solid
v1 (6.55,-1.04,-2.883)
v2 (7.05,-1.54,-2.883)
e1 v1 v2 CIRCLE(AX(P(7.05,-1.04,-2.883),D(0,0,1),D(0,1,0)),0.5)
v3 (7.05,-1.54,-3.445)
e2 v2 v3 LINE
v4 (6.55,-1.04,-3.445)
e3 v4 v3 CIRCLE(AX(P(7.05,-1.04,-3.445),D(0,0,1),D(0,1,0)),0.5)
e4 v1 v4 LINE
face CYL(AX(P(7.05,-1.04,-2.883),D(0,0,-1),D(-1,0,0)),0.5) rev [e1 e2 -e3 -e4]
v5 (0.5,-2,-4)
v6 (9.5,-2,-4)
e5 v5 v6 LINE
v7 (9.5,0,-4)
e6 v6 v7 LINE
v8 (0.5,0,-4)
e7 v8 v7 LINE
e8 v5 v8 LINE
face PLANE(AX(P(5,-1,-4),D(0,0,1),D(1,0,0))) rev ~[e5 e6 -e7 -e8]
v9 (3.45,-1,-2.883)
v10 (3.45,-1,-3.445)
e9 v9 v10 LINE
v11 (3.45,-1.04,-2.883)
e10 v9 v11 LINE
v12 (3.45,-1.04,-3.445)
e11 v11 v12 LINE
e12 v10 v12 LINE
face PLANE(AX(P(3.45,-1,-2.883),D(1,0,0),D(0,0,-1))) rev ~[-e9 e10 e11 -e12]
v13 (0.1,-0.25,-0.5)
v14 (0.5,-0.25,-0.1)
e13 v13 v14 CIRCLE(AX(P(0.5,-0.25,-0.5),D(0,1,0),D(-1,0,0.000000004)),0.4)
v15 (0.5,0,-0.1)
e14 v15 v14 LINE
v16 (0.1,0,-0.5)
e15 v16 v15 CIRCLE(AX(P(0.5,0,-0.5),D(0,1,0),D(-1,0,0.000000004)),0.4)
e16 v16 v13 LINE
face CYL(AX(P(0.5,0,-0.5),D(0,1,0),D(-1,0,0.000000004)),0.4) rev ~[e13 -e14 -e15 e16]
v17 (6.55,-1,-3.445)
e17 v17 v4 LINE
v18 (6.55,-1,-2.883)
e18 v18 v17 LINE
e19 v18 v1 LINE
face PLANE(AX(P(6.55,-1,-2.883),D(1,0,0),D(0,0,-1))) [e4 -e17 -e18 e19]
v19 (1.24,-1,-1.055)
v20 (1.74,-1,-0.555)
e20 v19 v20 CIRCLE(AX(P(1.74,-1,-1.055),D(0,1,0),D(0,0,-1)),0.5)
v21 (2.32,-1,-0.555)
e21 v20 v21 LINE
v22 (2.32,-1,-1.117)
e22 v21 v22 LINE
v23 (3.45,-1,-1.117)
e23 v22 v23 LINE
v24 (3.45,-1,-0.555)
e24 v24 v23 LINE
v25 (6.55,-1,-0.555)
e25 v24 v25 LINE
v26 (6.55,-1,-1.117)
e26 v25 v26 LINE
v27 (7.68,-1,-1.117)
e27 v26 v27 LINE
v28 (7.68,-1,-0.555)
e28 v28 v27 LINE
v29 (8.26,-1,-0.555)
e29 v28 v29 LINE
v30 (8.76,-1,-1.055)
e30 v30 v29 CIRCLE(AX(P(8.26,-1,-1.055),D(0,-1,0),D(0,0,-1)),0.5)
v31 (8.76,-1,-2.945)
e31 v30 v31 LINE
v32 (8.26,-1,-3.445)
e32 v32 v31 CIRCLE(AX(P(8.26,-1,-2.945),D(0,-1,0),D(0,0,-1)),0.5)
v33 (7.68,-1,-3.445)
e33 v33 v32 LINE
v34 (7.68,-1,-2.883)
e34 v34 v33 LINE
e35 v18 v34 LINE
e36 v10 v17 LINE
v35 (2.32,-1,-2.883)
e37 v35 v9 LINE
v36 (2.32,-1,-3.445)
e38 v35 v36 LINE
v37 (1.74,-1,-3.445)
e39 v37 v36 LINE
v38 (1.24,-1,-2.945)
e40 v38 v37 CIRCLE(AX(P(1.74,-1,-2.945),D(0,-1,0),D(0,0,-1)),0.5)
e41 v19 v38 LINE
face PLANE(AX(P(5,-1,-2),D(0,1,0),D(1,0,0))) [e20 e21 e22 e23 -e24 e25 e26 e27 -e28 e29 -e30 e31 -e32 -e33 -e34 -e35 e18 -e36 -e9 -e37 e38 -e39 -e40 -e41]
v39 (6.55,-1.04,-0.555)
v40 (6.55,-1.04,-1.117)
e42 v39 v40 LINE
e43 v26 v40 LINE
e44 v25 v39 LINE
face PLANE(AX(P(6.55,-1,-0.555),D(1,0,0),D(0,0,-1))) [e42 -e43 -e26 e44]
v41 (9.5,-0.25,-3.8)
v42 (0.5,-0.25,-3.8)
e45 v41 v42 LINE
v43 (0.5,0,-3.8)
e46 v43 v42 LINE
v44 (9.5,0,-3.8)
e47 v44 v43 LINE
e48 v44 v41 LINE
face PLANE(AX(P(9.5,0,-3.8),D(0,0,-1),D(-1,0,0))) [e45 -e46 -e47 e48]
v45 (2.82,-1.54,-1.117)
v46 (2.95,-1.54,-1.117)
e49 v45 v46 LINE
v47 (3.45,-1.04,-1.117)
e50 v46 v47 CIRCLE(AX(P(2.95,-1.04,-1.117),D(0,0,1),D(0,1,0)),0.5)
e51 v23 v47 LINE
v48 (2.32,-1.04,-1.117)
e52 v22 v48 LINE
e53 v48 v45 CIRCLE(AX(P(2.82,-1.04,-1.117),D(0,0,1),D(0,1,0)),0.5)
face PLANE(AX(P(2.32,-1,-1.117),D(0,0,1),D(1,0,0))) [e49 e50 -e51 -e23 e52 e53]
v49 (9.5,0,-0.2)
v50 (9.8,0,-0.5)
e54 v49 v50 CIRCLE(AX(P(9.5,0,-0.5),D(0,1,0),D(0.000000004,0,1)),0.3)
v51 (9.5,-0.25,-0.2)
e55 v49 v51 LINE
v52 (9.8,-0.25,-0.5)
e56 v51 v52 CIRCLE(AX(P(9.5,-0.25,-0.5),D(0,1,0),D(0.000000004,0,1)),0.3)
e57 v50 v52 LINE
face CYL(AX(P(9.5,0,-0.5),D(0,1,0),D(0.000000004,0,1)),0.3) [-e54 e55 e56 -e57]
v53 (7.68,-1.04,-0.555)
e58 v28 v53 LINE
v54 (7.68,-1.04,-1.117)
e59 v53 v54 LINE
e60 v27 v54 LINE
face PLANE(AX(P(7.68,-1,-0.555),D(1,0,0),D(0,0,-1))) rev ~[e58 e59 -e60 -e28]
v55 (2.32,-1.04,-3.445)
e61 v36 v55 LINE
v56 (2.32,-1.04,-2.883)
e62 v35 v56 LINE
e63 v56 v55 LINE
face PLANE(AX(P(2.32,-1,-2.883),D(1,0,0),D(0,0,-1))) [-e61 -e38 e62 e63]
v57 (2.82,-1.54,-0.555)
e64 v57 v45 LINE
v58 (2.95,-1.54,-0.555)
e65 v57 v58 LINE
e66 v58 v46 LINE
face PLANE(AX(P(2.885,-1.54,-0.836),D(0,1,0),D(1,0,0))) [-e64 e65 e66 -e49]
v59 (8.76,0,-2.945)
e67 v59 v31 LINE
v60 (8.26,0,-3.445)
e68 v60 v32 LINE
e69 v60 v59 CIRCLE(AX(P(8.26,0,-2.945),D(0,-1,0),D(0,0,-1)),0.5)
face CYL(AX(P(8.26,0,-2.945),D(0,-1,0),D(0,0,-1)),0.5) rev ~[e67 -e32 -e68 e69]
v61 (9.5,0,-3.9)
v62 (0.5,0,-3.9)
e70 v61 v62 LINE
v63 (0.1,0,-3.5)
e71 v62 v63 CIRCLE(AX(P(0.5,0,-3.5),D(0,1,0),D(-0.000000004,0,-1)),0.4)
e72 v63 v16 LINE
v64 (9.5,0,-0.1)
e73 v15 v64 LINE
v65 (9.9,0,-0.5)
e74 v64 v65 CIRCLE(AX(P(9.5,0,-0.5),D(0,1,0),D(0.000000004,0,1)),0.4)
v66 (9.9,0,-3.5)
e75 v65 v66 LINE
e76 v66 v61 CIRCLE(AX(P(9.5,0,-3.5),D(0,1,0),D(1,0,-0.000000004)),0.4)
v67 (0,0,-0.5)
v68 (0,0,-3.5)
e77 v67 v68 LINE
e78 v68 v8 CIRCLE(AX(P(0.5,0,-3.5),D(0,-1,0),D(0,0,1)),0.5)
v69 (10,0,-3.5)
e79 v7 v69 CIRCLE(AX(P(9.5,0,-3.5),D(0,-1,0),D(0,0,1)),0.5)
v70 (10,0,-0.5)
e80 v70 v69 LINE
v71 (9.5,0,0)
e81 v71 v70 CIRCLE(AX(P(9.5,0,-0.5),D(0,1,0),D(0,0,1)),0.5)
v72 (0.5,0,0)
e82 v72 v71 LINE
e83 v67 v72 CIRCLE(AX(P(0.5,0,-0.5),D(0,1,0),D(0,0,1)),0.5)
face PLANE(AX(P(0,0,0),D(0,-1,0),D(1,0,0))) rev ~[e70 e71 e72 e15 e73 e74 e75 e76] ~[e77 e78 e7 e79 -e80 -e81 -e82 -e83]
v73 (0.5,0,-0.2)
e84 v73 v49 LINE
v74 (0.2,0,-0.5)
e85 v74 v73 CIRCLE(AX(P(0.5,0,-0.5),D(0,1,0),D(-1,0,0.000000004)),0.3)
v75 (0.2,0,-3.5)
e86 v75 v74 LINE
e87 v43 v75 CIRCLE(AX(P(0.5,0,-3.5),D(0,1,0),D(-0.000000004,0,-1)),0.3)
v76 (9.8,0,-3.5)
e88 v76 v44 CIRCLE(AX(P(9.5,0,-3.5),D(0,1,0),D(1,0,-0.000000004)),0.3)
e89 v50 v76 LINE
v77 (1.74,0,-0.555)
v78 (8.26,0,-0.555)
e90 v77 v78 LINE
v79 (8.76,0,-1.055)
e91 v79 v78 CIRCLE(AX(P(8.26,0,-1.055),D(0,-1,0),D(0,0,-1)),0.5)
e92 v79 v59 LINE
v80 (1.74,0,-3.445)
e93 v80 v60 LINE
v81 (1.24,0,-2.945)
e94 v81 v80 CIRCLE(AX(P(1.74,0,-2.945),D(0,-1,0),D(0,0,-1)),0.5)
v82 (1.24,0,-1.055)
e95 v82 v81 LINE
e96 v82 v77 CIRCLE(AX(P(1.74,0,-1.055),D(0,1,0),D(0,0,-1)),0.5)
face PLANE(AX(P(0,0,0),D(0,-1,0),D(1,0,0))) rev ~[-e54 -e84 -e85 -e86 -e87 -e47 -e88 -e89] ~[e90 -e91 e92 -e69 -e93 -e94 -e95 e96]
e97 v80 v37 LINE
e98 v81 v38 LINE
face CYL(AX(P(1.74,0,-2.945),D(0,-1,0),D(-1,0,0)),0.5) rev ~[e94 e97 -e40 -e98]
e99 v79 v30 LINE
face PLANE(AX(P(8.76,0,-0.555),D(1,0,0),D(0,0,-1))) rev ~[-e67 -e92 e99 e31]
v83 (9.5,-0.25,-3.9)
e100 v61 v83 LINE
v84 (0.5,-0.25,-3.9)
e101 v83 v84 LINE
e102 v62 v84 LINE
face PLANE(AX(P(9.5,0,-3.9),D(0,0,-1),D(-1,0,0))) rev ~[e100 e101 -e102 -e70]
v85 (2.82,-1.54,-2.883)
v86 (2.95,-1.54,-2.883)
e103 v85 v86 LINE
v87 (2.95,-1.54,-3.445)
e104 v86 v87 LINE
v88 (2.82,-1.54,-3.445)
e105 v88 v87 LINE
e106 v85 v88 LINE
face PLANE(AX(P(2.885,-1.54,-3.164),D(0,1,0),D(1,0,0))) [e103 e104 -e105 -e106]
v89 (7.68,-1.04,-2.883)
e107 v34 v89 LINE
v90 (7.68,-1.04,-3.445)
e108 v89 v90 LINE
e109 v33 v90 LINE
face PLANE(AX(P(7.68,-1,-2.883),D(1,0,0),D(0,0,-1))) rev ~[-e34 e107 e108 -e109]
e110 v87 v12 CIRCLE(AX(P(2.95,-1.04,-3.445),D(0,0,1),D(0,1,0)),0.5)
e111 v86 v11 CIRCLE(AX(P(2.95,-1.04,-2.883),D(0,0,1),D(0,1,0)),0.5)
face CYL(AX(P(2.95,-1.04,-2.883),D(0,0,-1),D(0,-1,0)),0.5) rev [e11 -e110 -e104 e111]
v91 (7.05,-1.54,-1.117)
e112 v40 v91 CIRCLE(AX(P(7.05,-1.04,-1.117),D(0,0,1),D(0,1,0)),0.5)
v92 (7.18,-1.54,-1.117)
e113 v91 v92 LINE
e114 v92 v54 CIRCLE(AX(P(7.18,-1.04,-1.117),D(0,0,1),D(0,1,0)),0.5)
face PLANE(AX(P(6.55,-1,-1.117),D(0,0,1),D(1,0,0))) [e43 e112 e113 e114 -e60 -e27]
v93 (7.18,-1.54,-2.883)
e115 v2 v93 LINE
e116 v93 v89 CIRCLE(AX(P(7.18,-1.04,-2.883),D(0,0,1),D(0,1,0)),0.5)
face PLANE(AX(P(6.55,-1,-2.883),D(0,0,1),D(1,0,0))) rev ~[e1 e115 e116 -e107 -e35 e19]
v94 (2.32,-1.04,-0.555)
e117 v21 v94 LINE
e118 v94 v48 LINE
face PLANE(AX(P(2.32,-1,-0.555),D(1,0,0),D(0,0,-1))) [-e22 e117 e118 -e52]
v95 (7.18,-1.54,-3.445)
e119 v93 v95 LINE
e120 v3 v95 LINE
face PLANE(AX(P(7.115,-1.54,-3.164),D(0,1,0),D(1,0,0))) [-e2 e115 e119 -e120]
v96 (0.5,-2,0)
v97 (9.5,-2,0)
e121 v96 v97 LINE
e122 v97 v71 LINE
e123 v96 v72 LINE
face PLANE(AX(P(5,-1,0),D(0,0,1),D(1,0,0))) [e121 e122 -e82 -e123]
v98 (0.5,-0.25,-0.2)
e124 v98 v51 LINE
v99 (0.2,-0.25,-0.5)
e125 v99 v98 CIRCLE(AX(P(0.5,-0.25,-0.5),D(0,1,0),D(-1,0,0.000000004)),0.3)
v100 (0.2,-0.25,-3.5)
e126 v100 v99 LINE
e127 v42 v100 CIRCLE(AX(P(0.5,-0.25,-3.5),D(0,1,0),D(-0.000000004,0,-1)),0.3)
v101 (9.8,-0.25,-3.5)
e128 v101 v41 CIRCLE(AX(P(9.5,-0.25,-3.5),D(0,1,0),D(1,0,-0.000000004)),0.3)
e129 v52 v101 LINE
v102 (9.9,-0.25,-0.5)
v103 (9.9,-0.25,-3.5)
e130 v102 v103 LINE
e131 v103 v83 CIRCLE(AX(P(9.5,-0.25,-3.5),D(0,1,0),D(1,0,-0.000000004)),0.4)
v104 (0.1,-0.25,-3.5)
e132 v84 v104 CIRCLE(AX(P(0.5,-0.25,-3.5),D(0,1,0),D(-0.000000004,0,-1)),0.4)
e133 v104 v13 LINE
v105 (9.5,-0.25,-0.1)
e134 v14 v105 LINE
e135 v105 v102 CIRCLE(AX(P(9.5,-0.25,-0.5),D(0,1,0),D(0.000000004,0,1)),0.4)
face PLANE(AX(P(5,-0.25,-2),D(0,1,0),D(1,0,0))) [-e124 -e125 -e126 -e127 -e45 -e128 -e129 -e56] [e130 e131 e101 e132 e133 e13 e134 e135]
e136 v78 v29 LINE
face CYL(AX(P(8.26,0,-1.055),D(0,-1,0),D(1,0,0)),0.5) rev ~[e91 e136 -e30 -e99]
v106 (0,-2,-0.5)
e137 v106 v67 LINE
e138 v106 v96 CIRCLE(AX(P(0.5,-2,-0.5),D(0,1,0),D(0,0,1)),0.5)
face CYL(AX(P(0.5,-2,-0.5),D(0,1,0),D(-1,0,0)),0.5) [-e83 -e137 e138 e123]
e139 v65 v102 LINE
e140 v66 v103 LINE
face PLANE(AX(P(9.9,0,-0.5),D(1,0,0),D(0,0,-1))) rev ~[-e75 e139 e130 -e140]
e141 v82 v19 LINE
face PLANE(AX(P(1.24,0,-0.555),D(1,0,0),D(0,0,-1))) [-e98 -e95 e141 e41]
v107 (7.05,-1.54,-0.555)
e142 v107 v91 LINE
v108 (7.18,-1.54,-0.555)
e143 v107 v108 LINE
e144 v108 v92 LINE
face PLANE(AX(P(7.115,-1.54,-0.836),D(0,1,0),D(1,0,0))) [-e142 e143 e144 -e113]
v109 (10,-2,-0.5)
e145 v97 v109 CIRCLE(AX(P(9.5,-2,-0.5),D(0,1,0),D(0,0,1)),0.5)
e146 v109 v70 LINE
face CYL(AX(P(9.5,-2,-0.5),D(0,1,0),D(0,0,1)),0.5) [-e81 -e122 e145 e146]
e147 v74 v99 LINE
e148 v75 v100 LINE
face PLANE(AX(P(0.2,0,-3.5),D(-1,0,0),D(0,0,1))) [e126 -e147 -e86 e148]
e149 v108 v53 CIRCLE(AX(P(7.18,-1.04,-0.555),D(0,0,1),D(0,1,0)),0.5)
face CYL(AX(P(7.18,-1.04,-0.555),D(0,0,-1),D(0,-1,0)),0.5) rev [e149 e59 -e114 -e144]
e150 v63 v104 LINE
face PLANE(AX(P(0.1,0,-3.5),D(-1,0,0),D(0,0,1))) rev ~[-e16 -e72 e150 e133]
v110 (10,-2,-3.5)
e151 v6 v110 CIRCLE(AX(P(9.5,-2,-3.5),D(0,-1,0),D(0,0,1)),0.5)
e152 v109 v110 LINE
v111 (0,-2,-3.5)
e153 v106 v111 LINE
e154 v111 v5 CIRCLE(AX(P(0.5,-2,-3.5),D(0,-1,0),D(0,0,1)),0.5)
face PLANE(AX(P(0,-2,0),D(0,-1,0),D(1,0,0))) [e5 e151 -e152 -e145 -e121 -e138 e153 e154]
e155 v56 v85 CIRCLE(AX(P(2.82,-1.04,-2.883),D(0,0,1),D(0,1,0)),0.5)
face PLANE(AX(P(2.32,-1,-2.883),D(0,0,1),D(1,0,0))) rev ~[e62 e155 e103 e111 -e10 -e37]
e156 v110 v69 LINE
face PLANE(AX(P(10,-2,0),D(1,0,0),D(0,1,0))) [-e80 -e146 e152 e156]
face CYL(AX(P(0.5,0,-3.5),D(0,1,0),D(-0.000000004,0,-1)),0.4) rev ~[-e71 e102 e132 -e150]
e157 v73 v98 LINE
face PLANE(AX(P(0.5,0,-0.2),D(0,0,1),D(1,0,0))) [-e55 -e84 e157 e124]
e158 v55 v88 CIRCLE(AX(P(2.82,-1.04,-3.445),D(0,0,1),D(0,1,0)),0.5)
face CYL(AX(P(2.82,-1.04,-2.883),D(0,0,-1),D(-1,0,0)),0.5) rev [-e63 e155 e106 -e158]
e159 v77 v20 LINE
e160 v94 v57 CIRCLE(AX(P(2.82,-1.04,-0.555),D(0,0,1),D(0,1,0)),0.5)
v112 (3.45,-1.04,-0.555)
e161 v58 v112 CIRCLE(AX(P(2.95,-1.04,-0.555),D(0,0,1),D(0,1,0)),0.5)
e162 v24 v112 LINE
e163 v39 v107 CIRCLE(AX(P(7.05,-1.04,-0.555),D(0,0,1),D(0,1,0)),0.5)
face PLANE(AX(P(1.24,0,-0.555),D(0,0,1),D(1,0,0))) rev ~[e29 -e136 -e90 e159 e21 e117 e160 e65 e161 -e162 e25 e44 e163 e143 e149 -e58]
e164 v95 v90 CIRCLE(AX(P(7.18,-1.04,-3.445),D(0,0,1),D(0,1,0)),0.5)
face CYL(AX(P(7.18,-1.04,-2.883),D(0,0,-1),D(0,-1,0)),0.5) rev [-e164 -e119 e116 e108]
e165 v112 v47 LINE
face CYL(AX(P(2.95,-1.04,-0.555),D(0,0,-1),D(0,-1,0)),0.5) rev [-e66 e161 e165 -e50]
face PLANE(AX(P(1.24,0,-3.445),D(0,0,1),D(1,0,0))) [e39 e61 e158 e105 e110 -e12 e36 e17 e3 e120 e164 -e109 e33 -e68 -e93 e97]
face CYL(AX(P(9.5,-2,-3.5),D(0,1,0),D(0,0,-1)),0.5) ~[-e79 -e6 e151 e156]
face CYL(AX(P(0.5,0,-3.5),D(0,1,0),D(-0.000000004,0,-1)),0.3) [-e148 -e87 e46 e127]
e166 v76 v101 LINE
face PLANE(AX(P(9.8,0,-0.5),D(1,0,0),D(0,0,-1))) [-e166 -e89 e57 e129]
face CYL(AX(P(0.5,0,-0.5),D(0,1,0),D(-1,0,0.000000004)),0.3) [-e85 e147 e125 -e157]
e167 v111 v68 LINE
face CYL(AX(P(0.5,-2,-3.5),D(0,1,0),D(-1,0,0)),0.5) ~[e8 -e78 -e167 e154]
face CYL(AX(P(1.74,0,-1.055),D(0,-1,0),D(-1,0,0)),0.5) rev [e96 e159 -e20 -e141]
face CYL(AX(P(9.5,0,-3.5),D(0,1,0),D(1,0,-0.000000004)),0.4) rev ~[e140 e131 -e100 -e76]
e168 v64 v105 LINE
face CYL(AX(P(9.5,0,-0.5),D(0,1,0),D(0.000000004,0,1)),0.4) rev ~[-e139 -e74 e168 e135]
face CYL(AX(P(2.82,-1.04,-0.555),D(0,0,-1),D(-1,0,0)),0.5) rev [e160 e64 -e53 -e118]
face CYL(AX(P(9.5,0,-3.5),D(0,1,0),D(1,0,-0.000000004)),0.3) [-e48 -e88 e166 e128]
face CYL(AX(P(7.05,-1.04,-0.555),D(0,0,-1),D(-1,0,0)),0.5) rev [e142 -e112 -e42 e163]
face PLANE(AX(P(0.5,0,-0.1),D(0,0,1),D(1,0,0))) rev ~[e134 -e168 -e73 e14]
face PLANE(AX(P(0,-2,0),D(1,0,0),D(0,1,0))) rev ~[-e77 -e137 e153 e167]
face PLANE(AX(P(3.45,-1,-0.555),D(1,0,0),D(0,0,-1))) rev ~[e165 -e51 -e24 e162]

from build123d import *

# Parameters (mm, degrees)
SKETCH1_W           = 10
SKETCH1_H           = 2
BOSS_EXTRUDE1_DEPTH = 4
SKETCH2_W           = 7.52
SKETCH2_H           = 2.89
CUT_EXTRUDE1_DEPTH  = 1
FILLET1_R           = 0.5
FILLET2_R           = 0.5
SKETCH5_W           = 1.13
SKETCH5_H           = 0.562
CUT_EXTRUDE3_DEPTH  = 0.54
CUT_EXTRUDE8_DEPTH  = 0.25
FILLET4_R           = 0.5


with BuildPart() as part:
    # Sketch1 → Boss-Extrude1 (new body)
    with BuildSketch(Plane.XY):
        with Locations((5, -1)):
            Rectangle(SKETCH1_W, SKETCH1_H)
    extrude(amount=-BOSS_EXTRUDE1_DEPTH)

    # Sketch2 → Cut-Extrude1 (cut)
    with BuildSketch(Plane(origin=(0, 0, 0), x_dir=(1, 0, 0), z_dir=(0, 1, 0))):
        with Locations((5, 2)):
            Rectangle(SKETCH2_W, SKETCH2_H)
    extrude(amount=-CUT_EXTRUDE1_DEPTH, mode=Mode.SUBTRACT)

    # Fillet1
    fillet1_edges = [part.edges().sort_by_distance(p)[0] for p in [
        (10, -1, -4),
        (0, -1, -4),
        (10, -1, 0),
        (0, -1, 0),
    ]]
    fillet(fillet1_edges, radius=FILLET1_R)

    # Fillet2
    fillet2_edges = [part.edges().sort_by_distance(p)[0] for p in [
        (8.76, -0.5, -3.445),
        (8.76, -0.5, -0.555),
        (1.24, -0.5, -0.555),
        (1.24, -0.5, -3.445),
    ]]
    fillet(fillet2_edges, radius=FILLET2_R)

    # Sketch5 → Cut-Extrude3 (cut)
    with BuildSketch(Plane(origin=(0, -1, 0), x_dir=(1, 0, 0), z_dir=(0, 1, 0))):
        with Locations((2.885, 3.164)):
            Rectangle(SKETCH5_W, SKETCH5_H)
        with Locations((7.115, 3.164)):
            Rectangle(SKETCH5_W, SKETCH5_H)
        with Locations((7.115, 0.836)):
            Rectangle(SKETCH5_W, SKETCH5_H)
        with Locations((2.885, 0.836)):
            Rectangle(SKETCH5_W, SKETCH5_H)
    extrude(amount=-CUT_EXTRUDE3_DEPTH, mode=Mode.SUBTRACT)

    # Sketch9 → Cut-Extrude8 (cut)
    with BuildSketch(Plane(origin=(0, 0, 0), x_dir=(1, 0, 0), z_dir=(0, 1, 0))):
        with BuildLine():
            Line((9.9, 0.5), (9.9, 3.5))
            ThreePointArc((9.9, 3.5), (9.782842712, 3.782842712), (9.5, 3.9))
            Line((9.5, 3.9), (0.5, 3.9))
            ThreePointArc((0.5, 3.9), (0.217157288, 3.782842712), (0.1, 3.5))
            Line((0.1, 3.5), (0.1, 0.5))
            ThreePointArc((0.1, 0.5), (0.217157288, 0.217157288), (0.5, 0.1))
            Line((0.5, 0.1), (9.5, 0.1))
            ThreePointArc((9.5, 0.1), (9.782842712, 0.217157288), (9.9, 0.5))
        make_face()
        with BuildLine():
            Line((0.5, 0.2), (9.5, 0.2))
            ThreePointArc((9.5, 0.2), (9.712132034, 0.287867966), (9.8, 0.5))
            Line((9.8, 0.5), (9.8, 3.5))
            ThreePointArc((9.8, 3.5), (9.712132034, 3.712132034), (9.5, 3.8))
            Line((9.5, 3.8), (0.5, 3.8))
            ThreePointArc((0.5, 3.8), (0.287867966, 3.712132034), (0.2, 3.5))
            Line((0.2, 3.5), (0.2, 0.5))
            ThreePointArc((0.2, 0.5), (0.287867966, 0.287867966), (0.5, 0.2))
        make_face(mode=Mode.SUBTRACT)
    extrude(amount=-CUT_EXTRUDE8_DEPTH, mode=Mode.SUBTRACT)

    # Fillet4
    fillet4_edges = [part.edges().sort_by_distance(p)[0] for p in [
        (2.32, -1.54, -3.164),
        (3.45, -1.54, -3.164),
        (2.32, -1.54, -0.836),
        (3.45, -1.54, -0.836),
        (6.55, -1.54, -0.836),
        (7.68, -1.54, -0.836),
        (6.55, -1.54, -3.164),
        (7.68, -1.54, -3.164),
    ]]
    fillet(fillet4_edges, radius=FILLET4_R)


solid = part.part
